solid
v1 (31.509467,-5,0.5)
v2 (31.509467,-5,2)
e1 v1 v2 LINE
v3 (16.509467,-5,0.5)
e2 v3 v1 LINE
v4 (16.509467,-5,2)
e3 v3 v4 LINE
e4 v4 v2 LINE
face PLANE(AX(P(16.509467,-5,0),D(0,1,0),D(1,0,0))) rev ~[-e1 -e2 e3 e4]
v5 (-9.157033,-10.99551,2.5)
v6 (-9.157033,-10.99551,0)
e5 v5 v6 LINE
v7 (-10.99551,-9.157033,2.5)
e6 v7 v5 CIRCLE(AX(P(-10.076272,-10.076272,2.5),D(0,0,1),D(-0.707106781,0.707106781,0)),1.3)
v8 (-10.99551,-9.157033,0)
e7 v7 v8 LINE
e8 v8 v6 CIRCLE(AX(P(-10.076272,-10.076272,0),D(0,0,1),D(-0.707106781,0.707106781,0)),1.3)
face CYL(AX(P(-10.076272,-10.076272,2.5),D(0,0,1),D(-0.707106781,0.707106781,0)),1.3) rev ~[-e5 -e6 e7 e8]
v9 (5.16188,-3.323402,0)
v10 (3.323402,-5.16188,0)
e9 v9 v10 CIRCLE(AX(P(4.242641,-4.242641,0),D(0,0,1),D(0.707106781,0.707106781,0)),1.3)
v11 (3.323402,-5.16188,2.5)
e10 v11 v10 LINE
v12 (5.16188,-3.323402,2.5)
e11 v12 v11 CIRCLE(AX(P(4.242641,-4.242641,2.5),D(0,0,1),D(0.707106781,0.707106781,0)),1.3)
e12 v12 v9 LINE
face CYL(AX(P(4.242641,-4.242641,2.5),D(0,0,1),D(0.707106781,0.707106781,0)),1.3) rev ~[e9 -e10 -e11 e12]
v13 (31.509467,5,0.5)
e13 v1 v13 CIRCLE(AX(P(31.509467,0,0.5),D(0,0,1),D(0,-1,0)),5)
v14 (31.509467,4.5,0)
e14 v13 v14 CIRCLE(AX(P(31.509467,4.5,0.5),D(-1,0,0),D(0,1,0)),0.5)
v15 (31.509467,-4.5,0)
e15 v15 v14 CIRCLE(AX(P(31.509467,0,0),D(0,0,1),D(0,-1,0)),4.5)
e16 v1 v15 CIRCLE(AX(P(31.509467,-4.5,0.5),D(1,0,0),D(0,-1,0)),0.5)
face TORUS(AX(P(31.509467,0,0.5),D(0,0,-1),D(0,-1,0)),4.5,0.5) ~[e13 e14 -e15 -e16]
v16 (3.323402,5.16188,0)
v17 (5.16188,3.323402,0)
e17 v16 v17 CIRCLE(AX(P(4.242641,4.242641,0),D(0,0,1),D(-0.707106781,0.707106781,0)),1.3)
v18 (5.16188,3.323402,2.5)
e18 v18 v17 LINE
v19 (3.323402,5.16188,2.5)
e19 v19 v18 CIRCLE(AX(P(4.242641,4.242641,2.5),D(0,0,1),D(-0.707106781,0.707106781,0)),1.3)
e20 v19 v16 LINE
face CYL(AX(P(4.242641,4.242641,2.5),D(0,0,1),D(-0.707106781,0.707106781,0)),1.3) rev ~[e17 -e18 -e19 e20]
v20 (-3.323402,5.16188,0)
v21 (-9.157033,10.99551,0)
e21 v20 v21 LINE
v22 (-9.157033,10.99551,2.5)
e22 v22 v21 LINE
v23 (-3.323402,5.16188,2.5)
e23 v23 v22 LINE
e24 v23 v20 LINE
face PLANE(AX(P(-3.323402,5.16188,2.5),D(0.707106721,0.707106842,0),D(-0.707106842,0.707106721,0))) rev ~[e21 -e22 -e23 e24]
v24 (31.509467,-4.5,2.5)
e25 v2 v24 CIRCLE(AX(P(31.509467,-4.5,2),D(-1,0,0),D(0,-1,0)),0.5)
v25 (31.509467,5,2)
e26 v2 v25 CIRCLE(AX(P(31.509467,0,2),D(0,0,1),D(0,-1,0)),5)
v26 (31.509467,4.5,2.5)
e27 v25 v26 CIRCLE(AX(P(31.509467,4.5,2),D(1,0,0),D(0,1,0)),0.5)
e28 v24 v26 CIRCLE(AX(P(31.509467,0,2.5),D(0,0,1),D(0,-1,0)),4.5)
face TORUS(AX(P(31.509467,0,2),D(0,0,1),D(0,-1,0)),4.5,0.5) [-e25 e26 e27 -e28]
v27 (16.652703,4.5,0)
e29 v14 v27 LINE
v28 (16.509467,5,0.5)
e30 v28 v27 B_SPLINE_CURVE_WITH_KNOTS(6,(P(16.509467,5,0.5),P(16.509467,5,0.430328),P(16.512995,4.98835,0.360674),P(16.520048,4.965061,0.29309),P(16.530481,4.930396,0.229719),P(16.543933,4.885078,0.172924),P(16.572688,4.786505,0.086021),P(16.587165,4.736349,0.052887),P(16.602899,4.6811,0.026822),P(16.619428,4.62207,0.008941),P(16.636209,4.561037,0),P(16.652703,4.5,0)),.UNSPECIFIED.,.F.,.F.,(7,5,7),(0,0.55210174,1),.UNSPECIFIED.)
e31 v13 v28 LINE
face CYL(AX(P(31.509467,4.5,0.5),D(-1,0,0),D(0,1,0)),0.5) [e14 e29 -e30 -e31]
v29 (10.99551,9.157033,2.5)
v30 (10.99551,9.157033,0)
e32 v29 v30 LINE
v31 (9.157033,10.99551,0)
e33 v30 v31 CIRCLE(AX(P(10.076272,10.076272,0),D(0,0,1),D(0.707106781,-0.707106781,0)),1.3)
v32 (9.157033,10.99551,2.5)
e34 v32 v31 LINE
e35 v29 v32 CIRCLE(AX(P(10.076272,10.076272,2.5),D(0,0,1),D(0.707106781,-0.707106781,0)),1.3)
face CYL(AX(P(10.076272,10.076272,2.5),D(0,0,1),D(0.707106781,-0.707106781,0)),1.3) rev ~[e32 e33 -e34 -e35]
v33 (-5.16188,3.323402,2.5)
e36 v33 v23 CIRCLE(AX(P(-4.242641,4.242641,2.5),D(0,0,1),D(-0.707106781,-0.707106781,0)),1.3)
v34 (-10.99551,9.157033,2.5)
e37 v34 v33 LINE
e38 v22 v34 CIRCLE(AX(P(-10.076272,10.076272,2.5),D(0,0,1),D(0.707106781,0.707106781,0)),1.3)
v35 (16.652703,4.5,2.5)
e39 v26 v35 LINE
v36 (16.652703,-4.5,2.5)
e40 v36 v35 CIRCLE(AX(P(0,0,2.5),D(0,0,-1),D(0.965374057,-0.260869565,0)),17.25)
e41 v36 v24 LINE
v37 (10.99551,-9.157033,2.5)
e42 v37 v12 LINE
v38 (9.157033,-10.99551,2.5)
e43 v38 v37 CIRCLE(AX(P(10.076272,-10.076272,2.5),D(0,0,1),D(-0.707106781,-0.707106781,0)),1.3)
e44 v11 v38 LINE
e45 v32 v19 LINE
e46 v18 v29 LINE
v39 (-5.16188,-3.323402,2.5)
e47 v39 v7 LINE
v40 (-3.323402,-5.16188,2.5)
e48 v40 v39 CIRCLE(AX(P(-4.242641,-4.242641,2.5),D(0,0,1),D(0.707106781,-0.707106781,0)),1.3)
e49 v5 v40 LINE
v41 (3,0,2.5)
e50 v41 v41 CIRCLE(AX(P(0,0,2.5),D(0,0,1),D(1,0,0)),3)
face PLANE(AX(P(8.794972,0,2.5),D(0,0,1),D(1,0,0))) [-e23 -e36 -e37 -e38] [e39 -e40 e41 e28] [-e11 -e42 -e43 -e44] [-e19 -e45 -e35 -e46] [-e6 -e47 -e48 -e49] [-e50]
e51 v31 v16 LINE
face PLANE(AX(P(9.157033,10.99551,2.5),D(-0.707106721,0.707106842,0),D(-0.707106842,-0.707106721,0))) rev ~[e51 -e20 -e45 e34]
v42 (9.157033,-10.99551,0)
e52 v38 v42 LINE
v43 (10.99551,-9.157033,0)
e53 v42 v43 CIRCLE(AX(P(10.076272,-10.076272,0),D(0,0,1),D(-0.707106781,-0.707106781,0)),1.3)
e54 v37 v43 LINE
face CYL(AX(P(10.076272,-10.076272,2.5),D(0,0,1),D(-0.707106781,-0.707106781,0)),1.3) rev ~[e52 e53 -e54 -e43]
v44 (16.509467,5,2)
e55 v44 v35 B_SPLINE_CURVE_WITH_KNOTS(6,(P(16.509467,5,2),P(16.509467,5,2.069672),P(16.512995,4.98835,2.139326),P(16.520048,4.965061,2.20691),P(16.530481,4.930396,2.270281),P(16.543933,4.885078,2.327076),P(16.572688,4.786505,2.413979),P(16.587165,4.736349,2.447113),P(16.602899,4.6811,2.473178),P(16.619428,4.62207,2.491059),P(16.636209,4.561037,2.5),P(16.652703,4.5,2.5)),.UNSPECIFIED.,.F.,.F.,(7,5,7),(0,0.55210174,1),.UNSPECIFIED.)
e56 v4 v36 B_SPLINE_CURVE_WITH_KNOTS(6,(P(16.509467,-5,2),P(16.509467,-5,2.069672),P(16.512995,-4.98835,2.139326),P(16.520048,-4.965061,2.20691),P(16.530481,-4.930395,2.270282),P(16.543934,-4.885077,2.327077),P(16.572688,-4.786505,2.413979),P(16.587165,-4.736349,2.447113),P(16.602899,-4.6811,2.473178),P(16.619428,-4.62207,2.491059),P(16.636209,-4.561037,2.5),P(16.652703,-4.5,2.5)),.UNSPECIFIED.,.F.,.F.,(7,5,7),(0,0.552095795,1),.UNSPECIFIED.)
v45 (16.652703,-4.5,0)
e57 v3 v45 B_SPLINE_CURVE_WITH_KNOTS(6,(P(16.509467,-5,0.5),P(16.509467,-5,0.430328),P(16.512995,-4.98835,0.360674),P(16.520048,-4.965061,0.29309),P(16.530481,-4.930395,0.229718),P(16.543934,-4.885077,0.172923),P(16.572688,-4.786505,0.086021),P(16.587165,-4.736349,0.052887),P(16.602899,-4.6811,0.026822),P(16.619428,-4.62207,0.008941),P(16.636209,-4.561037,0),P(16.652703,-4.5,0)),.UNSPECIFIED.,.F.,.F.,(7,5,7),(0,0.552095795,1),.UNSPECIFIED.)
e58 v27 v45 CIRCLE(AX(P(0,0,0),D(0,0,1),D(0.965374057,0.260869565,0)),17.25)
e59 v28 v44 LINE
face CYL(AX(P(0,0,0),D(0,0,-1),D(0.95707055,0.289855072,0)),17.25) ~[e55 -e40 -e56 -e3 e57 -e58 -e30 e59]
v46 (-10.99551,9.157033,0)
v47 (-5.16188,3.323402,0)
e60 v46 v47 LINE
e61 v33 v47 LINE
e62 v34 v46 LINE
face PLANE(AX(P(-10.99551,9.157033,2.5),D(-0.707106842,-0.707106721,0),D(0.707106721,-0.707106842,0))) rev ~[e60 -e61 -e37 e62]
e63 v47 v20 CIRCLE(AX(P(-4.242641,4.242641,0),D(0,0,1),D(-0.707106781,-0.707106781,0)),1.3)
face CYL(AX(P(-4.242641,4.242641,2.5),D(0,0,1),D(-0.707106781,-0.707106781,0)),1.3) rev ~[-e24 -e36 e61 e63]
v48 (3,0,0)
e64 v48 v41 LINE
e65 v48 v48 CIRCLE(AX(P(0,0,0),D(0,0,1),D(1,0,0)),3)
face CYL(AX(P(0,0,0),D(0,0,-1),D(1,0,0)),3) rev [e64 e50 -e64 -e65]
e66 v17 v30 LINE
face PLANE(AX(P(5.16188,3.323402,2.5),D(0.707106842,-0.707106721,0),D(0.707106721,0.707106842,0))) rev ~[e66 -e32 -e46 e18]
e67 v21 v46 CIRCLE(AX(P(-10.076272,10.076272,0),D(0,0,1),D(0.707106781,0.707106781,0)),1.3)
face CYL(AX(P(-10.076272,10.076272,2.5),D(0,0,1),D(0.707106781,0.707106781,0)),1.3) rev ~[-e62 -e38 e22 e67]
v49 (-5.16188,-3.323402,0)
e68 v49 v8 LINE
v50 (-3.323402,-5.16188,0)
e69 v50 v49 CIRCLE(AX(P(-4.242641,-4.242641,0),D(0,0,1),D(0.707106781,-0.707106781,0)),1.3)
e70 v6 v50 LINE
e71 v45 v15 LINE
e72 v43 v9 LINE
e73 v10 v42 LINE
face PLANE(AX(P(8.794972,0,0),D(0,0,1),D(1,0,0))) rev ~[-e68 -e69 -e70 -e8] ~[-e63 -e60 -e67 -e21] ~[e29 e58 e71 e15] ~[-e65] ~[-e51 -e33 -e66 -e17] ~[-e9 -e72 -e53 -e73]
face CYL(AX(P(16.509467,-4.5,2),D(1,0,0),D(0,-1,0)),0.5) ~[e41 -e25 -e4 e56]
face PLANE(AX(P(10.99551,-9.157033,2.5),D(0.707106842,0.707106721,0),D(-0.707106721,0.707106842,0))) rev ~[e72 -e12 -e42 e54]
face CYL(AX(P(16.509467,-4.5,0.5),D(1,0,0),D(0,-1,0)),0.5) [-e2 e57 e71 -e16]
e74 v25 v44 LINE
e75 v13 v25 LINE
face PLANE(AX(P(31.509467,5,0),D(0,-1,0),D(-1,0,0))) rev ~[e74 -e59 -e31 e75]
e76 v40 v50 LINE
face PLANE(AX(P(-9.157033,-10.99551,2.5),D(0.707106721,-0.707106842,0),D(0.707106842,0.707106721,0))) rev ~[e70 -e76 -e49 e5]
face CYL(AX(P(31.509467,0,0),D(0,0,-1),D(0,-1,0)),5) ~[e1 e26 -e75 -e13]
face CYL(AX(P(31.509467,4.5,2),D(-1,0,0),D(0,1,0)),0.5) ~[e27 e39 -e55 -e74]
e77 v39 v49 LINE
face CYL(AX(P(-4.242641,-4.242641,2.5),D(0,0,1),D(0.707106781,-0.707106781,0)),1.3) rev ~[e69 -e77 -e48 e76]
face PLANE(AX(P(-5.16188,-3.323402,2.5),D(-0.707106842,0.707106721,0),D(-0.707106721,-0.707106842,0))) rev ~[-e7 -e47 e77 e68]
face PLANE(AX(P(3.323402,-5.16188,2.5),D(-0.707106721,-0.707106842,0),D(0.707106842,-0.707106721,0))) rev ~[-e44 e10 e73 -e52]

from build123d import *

# Parameters (mm, degrees)
SKETCH_R           = 3
PAD_DEPTH          = 2.5
POCKET_DEPTH       = 5
POLARPATTERN_COUNT = 4
FILLET_R           = 0.5


with BuildPart() as part:
    # Sketch → Pad (new body)
    with BuildSketch(Plane.XY):
        with BuildLine():
            ThreePointArc((16.509467, 5), (-17.25, 0), (16.509467, -5))
            Line((16.509467, -5), (31.509467, -5))
            ThreePointArc((31.509467, -5), (36.509467, 0), (31.509467, 5))
            Line((31.509467, 5), (16.509467, 5))
        make_face()
        Circle(SKETCH_R, mode=Mode.SUBTRACT)
    extrude(amount=PAD_DEPTH)

    # Sketch001 (on Face7 of Pad) → Pocket (cut)
    with BuildSketch(Plane.XY.offset(2.5)):
        with BuildLine():
            ThreePointArc((3.323402, 5.16188), (3.323402, 3.323402), (5.16188, 3.323402))
            Line((5.16188, 3.323402), (10.99551, 9.157033))
            ThreePointArc((10.99551, 9.157033), (10.99551, 10.99551), (9.157033, 10.99551))
            Line((9.157033, 10.99551), (3.323402, 5.16188))
        make_face()
    pocket = extrude(amount=-POCKET_DEPTH, mode=Mode.SUBTRACT)

    # PolarPattern: Pocket ×4 about axis
    polarpattern_axis = Axis((0, 0, 2.5), (0, 0, 1))
    for i in range(1, POLARPATTERN_COUNT):
        add(pocket.rotate(polarpattern_axis, i * 360 / POLARPATTERN_COUNT), mode=Mode.SUBTRACT)

    # Fillet
    fillet_edges = [part.edges().sort_by_distance(p)[0] for p in [
        (24.009467, 5, 2.5),
        (36.509467, 0, 2.5),
        (24.009467, -5, 2.5),
        (24.009467, -5, 0),
        (36.509467, 0, 0),
        (24.009467, 5, 0),
    ]]
    fillet(fillet_edges, radius=FILLET_R)


solid = part.part
